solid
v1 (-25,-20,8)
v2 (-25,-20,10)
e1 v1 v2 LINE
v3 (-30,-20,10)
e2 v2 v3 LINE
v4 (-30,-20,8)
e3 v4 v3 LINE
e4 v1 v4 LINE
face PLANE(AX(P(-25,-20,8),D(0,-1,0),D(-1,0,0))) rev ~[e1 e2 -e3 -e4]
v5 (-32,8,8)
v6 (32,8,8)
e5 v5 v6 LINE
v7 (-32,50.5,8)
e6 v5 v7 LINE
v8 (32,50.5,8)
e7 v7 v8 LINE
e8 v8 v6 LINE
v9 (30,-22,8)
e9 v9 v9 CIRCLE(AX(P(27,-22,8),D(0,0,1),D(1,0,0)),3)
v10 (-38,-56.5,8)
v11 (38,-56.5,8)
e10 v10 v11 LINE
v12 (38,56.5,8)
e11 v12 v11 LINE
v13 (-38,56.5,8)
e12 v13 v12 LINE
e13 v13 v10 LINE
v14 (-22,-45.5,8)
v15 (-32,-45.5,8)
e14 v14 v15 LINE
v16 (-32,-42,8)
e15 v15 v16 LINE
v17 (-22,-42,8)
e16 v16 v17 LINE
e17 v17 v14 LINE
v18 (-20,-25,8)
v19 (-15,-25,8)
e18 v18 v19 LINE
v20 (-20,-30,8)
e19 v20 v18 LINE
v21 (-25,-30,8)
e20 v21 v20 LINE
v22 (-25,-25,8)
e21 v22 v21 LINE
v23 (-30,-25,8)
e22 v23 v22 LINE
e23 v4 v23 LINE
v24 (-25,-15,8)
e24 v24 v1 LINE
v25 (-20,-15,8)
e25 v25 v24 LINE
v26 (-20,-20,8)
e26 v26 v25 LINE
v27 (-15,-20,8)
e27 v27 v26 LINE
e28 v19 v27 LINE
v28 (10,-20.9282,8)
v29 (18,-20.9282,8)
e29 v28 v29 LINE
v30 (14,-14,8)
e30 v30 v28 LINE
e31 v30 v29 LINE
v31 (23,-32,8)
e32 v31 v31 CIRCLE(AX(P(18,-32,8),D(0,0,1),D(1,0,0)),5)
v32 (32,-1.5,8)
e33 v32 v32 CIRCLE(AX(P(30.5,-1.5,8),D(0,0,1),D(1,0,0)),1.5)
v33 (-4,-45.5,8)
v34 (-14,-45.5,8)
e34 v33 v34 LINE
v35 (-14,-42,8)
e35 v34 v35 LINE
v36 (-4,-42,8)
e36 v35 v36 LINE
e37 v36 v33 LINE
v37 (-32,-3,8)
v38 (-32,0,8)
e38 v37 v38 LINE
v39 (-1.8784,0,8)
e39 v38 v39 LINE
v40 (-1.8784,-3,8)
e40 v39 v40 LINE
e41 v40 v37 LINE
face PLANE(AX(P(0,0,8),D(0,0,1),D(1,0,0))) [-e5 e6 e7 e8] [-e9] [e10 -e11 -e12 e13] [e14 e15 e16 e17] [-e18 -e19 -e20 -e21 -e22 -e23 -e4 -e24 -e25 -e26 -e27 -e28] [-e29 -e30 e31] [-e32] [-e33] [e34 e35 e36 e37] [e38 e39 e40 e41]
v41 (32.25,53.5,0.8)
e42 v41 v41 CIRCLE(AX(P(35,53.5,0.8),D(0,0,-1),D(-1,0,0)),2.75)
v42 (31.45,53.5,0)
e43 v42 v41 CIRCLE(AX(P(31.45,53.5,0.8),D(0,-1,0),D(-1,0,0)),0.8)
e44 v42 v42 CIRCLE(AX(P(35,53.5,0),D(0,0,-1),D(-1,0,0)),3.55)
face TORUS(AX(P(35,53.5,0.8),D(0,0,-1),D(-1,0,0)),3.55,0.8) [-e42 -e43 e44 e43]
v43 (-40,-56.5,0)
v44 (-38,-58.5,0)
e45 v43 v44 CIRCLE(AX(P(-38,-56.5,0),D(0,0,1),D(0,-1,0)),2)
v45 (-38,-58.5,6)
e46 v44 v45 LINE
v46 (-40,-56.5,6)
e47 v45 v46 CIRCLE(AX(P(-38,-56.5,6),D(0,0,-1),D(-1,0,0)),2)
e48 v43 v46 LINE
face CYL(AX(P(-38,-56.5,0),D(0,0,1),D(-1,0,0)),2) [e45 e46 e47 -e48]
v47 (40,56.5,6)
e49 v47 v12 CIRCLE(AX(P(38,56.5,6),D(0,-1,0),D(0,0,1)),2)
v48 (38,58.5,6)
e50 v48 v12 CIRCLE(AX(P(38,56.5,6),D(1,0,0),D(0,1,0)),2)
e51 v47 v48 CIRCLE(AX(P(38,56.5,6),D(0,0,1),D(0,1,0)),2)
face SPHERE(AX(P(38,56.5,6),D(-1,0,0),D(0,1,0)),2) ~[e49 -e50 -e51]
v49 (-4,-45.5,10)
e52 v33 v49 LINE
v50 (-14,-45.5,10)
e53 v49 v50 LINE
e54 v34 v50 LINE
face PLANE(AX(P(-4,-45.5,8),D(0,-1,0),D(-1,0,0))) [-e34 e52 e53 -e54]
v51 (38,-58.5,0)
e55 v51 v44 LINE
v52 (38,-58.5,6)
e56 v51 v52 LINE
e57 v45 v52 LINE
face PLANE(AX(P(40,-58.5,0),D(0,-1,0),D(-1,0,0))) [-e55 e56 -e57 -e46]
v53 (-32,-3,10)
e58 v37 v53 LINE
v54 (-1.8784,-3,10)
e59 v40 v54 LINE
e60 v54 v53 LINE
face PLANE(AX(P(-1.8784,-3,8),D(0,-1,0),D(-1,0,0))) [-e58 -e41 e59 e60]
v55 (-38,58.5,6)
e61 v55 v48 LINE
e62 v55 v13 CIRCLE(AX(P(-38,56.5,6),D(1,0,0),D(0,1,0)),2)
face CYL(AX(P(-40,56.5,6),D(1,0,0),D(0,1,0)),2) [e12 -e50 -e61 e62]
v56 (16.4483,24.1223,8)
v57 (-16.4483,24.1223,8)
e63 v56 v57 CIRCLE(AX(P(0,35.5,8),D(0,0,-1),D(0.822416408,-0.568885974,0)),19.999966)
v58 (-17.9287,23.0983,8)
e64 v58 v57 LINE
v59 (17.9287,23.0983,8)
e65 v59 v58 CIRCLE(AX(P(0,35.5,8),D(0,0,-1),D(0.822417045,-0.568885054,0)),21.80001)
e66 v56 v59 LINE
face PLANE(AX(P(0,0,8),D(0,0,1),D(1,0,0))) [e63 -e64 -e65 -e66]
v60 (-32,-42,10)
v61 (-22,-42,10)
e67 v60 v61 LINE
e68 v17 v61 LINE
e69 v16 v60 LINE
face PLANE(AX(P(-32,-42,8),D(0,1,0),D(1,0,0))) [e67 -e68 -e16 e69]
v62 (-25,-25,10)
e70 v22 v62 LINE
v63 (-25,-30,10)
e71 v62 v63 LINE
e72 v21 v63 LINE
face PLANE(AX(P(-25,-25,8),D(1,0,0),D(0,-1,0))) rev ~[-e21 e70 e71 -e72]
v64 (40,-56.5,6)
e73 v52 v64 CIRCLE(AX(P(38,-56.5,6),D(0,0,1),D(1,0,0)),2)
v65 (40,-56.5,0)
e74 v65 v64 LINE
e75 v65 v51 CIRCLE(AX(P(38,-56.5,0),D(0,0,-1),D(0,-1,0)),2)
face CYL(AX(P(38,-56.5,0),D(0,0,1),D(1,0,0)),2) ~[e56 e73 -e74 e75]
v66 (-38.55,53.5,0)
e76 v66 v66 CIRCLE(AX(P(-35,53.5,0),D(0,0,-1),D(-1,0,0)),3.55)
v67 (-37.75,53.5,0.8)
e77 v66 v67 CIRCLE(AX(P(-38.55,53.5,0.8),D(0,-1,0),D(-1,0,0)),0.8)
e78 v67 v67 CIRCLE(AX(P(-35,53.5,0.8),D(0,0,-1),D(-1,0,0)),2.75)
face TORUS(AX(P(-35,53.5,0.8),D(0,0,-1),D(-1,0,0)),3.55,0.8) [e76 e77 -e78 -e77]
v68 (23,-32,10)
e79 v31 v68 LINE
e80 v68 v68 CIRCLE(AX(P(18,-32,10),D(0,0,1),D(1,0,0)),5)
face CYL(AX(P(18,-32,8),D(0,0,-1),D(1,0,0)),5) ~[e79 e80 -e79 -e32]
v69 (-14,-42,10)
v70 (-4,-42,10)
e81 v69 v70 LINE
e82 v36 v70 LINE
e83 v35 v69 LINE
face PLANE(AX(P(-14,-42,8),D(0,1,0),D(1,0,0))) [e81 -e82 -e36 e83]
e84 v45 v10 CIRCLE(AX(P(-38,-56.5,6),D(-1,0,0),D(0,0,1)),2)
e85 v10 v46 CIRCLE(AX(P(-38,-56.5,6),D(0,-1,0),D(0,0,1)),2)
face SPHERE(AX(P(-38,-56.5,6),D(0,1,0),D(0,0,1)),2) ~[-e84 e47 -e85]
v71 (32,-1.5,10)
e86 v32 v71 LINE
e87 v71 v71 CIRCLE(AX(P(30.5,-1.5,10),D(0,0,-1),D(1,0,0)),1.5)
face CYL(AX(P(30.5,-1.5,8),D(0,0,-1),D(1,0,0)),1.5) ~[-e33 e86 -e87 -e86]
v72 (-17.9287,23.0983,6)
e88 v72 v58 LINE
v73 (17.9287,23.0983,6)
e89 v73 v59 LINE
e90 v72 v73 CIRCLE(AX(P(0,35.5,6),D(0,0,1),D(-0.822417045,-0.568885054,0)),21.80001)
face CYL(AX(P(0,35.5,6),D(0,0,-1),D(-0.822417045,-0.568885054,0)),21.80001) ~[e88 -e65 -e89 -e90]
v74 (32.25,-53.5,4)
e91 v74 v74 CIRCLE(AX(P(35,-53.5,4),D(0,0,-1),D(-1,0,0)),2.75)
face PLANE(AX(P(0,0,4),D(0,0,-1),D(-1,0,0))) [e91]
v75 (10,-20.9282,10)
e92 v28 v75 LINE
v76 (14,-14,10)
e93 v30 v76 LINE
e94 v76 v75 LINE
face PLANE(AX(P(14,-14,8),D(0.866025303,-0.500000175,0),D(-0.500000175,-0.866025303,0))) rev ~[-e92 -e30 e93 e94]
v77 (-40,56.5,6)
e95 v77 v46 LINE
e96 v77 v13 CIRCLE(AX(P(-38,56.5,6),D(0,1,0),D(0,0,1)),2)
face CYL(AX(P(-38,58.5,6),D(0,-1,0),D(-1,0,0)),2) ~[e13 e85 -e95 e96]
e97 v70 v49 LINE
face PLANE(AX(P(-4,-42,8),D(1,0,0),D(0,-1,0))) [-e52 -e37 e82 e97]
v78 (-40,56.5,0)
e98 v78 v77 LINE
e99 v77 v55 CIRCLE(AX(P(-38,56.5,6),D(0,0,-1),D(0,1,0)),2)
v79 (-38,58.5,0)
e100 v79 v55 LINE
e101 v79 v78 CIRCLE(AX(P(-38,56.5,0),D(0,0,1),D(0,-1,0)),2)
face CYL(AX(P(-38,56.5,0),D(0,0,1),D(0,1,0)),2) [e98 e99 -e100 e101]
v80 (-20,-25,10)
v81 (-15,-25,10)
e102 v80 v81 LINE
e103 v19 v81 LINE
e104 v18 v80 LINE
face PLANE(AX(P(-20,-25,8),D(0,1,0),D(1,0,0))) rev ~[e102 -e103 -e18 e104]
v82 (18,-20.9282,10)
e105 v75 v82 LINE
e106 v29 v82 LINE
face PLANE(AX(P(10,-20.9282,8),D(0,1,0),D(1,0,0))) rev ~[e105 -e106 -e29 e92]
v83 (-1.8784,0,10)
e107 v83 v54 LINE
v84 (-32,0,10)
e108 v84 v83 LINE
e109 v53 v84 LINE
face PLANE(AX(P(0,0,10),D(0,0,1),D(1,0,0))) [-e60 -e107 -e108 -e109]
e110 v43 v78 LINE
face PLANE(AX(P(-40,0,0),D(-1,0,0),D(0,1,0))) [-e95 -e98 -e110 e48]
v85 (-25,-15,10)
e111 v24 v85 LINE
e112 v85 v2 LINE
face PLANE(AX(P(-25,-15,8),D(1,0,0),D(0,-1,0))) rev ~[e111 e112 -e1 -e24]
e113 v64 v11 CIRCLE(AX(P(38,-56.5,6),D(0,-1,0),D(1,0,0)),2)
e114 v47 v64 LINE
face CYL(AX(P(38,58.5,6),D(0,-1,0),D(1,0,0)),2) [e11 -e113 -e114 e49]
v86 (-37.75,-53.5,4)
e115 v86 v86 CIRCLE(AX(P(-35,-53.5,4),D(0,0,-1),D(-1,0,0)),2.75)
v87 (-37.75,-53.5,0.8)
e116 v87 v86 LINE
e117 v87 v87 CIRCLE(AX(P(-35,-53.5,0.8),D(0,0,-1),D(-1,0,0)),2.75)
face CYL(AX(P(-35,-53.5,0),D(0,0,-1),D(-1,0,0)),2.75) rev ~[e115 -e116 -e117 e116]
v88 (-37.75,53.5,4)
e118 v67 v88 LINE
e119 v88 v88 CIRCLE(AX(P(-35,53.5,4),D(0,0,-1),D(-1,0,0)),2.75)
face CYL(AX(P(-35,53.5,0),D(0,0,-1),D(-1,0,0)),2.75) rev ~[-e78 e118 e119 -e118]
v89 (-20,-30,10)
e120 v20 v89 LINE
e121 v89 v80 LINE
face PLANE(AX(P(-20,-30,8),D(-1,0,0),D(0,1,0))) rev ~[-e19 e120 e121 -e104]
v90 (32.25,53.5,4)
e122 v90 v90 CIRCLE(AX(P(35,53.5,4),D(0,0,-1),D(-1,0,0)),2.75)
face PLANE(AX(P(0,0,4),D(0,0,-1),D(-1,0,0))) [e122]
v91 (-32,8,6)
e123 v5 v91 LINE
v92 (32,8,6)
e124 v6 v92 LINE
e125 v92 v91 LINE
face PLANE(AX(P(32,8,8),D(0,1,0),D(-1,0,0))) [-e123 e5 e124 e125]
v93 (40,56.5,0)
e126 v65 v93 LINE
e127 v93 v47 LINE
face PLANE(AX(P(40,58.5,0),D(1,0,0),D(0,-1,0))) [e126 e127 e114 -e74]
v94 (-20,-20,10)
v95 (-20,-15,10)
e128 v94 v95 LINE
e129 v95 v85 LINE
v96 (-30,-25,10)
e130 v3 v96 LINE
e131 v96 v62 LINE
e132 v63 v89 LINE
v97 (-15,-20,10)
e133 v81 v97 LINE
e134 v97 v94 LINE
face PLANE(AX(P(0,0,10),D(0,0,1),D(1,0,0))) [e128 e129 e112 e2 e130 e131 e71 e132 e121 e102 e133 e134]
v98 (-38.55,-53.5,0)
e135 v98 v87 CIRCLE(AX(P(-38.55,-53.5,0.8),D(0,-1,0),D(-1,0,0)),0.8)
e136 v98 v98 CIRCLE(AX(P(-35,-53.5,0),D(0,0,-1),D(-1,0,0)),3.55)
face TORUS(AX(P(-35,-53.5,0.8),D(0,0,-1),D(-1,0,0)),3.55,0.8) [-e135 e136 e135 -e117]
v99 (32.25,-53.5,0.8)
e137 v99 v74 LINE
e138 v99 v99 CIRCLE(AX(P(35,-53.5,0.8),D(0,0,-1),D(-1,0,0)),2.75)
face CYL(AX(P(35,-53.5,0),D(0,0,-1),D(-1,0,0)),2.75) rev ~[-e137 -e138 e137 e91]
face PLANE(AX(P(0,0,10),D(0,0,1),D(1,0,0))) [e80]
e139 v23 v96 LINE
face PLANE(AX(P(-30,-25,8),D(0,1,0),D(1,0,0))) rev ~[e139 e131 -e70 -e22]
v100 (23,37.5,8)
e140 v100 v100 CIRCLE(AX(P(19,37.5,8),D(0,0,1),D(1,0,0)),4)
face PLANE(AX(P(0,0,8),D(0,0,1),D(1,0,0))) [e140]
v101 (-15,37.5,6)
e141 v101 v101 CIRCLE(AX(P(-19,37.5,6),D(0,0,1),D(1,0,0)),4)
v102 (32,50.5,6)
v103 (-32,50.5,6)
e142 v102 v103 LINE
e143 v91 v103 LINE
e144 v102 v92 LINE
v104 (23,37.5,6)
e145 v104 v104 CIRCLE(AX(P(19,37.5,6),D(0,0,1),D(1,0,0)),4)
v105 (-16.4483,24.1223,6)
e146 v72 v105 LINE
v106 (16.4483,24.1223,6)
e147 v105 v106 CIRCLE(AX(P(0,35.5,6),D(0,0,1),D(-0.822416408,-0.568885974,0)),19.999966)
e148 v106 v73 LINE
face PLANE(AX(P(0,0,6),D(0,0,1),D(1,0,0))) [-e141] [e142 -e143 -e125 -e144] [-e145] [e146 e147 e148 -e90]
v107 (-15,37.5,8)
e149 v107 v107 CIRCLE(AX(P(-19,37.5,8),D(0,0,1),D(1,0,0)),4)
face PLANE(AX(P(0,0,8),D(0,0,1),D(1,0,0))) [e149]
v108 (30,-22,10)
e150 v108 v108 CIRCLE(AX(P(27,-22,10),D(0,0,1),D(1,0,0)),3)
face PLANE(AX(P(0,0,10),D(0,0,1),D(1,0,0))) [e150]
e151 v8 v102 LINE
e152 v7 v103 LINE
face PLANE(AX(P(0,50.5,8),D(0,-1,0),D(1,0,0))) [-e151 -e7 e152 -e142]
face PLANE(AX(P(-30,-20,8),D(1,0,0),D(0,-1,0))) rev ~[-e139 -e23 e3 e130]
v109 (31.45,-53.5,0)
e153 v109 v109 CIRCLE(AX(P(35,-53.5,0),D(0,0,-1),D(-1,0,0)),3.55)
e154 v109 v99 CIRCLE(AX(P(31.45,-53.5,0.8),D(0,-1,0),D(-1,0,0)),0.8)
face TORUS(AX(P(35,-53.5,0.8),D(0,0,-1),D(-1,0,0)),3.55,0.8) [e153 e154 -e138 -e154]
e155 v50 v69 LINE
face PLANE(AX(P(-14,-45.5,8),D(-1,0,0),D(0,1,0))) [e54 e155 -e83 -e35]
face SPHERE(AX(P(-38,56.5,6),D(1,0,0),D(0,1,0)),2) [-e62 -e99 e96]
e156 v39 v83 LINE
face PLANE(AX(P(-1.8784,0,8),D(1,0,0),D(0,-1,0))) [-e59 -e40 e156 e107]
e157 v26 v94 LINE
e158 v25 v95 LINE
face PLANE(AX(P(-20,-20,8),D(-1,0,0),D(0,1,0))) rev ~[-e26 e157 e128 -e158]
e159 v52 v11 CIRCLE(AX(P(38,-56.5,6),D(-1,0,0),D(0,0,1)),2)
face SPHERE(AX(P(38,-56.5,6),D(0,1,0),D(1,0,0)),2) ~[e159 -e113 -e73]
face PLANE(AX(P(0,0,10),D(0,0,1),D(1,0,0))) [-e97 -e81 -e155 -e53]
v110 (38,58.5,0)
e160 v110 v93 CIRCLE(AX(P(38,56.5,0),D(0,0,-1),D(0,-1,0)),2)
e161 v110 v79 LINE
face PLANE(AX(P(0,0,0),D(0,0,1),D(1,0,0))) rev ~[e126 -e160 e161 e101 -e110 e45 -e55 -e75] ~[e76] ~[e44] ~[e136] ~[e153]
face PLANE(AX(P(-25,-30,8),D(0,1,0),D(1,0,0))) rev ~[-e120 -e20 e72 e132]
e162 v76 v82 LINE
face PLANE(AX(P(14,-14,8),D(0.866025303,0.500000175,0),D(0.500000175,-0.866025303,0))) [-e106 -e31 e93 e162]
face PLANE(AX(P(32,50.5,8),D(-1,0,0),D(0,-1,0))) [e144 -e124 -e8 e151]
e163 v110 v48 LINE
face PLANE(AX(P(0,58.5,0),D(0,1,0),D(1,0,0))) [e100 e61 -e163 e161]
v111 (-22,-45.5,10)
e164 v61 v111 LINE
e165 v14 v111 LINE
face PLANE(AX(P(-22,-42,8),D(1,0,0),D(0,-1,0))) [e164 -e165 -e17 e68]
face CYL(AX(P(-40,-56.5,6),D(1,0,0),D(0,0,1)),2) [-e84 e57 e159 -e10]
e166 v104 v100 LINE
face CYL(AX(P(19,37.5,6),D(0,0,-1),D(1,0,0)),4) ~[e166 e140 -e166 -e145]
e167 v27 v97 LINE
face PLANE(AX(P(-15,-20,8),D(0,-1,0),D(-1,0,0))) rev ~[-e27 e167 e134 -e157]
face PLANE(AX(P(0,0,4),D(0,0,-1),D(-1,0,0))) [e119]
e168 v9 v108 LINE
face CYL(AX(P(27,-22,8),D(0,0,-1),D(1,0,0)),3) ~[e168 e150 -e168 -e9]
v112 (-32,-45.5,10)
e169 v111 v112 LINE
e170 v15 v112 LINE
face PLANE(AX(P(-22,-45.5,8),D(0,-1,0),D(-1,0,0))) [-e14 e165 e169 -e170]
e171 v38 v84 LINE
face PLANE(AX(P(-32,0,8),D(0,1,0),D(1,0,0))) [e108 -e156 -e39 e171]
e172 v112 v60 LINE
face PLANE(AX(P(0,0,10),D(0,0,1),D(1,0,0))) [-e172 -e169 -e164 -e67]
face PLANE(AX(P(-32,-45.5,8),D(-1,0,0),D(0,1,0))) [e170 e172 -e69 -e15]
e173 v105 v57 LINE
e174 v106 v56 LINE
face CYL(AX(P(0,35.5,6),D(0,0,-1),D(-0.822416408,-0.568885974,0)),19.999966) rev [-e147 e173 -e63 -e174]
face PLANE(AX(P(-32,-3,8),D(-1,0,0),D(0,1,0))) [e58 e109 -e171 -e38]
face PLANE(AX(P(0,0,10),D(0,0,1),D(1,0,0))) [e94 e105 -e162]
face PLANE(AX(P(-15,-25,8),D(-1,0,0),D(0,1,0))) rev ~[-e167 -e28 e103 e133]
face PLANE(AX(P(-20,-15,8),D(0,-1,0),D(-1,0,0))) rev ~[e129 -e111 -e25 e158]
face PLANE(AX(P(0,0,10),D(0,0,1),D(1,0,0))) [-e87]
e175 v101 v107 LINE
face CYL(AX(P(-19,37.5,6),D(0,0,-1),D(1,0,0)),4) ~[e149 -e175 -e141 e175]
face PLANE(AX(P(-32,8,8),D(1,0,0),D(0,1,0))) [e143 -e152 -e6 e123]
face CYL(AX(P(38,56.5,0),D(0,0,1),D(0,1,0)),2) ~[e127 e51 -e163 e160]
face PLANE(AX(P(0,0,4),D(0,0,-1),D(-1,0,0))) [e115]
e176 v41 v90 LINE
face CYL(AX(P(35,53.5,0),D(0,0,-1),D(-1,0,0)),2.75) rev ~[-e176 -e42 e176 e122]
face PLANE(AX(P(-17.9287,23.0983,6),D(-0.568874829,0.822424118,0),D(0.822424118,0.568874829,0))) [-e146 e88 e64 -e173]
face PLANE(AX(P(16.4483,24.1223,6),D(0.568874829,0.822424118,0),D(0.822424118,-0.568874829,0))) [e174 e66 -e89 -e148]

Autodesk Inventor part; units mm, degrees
ref_plane "YZ Plane" through (0, 0, 0) normal (1, 0, 0) x (0, 1, 0)
ref_plane "XZ Plane" through (0, 0, 0) normal (0, 1, 0) x (-1, 0, 0)
ref_plane "XY Plane" through (0, 0, 0) normal (0, 0, 1) x (1, 0, 0)
sketch "Sketch1" plane through (0, 0, 0) normal (0, 0, 1) x (1, 0, 0)
  line L0 (0, 81.9) -> (0, -81.9) projected
  line L1 (-56, 0) -> (56, 0) projected
  line L2 (-40, 58.5) -> (40, 58.5)
  line L3 (40, 58.5) -> (40, -58.5)
  line L4 (40, -58.5) -> (-40, -58.5)
  line L5 (-40, -58.5) -> (-40, 58.5)
  point P0 (0, 0)
  dimension "d0" = 80
  dimension "d1" = 117
extrude "Extrusion1" add sketch "Sketch1" along normal blind 8
sketch "Sketch2" plane through (0, 0, 8) normal (0, 0, 1) x (1, 0, 0)
  line L0 (40, 58.5) -> (-40, 58.5) projected
  line L1 (-40, 58.5) -> (-40, -58.5) projected
  line L2 (-40, -58.5) -> (40, -58.5) projected
  line L3 (40, -58.5) -> (40, 58.5) projected
  line L4 (-56, 0) -> (56, 0) projected
  line L5 (0, -81.9) -> (0, 81.9) projected
  line L6 (-32, 0) -> (-1.8784, 0)
  line L7 (-1.8784, 0) -> (-1.8784, -3)
  line L8 (-1.8784, -3) -> (-32, -3)
  line L9 (-32, -3) -> (-32, 0)
  line L10 (-25, -15) -> (-25, -20)
  line L11 (-25, -20) -> (-30, -20)
  line L12 (-30, -20) -> (-30, -25)
  line L13 (-30, -25) -> (-25, -25)
  line L14 (-25, -25) -> (-25, -30)
  line L15 (-25, -30) -> (-20, -30)
  line L16 (-20, -30) -> (-20, -25)
  line L17 (-20, -25) -> (-15, -25)
  line L18 (-15, -25) -> (-15, -20)
  line L19 (-15, -20) -> (-20, -20)
  line L20 (-20, -20) -> (-20, -15)
  line L21 (-20, -15) -> (-25, -15)
  line L22 (14, -14) -> (10, -20.9282)
  line L23 (10, -20.9282) -> (18, -20.9282)
  circle A0 centre (27, -22) radius 3
  circle A1 centre (18, -32) radius 5
  line L24 (-32, -42) -> (-22, -42)
  line L25 (-22, -42) -> (-22, -45.5)
  line L26 (-22, -45.5) -> (-32, -45.5)
  line L27 (-32, -45.5) -> (-32, -42)
  line L28 (-14, -42) -> (-4, -42)
  line L29 (-4, -42) -> (-4, -45.5)
  line L30 (-4, -45.5) -> (-14, -45.5)
  line L31 (-14, -45.5) -> (-14, -42)
  circle A2 centre (30.5, -1.5) radius 1.5
  line L32 (14, -20.9282) -> (14, -9.9927) construction
  line L33 (14, -14) -> (18, -20.9282)
  line L34 (-1.8784, -1.5) -> (30.5, -1.5) construction
  line L35 (-32, 50.5) -> (32, 50.5) construction
  line L36 (32, 50.5) -> (32, 8) construction
  line L37 (32, 8) -> (-32, 8) construction
  line L38 (-32, 8) -> (-32, 50.5) construction
  point P0 (0, 0)
  dimension "d4" = 3
  dimension "d5" = 8
  dimension "d7" = 5
  dimension "d8" = 60
  dimension "d9" = 10
  dimension "d10" = 12
  dimension "d11" = 12
  dimension "d12" = 3
  dimension "d13" = 8
  dimension "d14" = 8
  dimension "d15" = 8
  dimension "d16" = 10
  dimension "d17" = 22
  dimension "d18" = 22
  dimension "d19" = 22
  dimension "d20" = 40
  dimension "d21" = 30
  dimension "d22" = 13
  dimension "d23" = 6
  dimension "d24" = 10
  dimension "d25" = 13
  dimension "d26" = 8
extrude "Extrusion2" add sketch "Sketch2" along normal blind 2 contours A2 | L7 L8 L9 L4 | L21 L20 L19 L18 L17 L16 L15 L14 L13 L12 L11 L10 | L33 L23 L22 | A0 | A1 | L24 L25 L26 L27 | L28 L29 L30 L31
sketch "Sketch3" plane through (0, 0, 8) normal (0, 0, 1) x (1, 0, 0)
  line L0 (-32, 0) -> (-1.8784, 0) projected
  line L1 (-1.8784, 0) -> (-1.8784, -3) projected
  line L2 (-1.8784, -3) -> (-32, -3) projected
  line L3 (-32, -3) -> (-32, 0) projected
  line L4 (-4, -42) -> (-4, -45.5) projected
  line L5 (-4, -45.5) -> (-14, -45.5) projected
  line L6 (-14, -45.5) -> (-14, -42) projected
  line L7 (-14, -42) -> (-4, -42) projected
  circle A0 centre (27, -22) radius 3 projected
  circle A1 centre (30.5, -1.5) radius 1.5 projected
  line L8 (14, -14) -> (18, -20.9282) projected
  line L9 (18, -20.9282) -> (10, -20.9282) projected
  line L10 (10, -20.9282) -> (14, -14) projected
  line L11 (-22, -42) -> (-22, -45.5) projected
  line L12 (-22, -45.5) -> (-32, -45.5) projected
  line L13 (-32, -45.5) -> (-32, -42) projected
  line L14 (-32, -42) -> (-22, -42) projected
  circle A2 centre (18, -32) radius 5 projected
  line L15 (-25, -15) -> (-20, -15) projected
  line L16 (-20, -15) -> (-20, -20) projected
  line L17 (-20, -20) -> (-15, -20) projected
  line L18 (-15, -20) -> (-15, -25) projected
  line L19 (-15, -25) -> (-20, -25) projected
  line L20 (-20, -25) -> (-20, -30) projected
  line L21 (-20, -30) -> (-25, -30) projected
  line L22 (-25, -30) -> (-25, -25) projected
  line L23 (-25, -25) -> (-30, -25) projected
  line L24 (-30, -25) -> (-30, -20) projected
  line L25 (-30, -20) -> (-25, -20) projected
  line L26 (-25, -20) -> (-25, -15) projected
  line L27 (40, 58.5) -> (-40, 58.5) projected
  line L28 (-40, 58.5) -> (-40, -58.5) projected
  line L29 (-40, -58.5) -> (40, -58.5) projected
  line L30 (40, -58.5) -> (40, 58.5) projected
  line L31 (-32, 50.5) -> (32, 50.5)
  line L32 (32, 50.5) -> (32, 8)
  line L33 (32, 8) -> (-32, 8)
  line L34 (-32, 8) -> (-32, 50.5)
  line L35 (-56, 0) -> (56, 0) projected
  line L36 (0, -81.9) -> (0, 81.9) projected
  point P0 (0, 0)
  dimension "d29" = 8
  dimension "d30" = 8
  dimension "d31" = 8
extrude "Extrusion3" cut sketch "Sketch3" against normal blind 2 contours L36 L31 L32 L33 | L33 L34 L31 L36
sketch "Sketch4" plane through (0, 0, 6) normal (0, 0, 1) x (1, 0, 0)
  line L0 (-32, 50.5) -> (32, 50.5) projected
  line L1 (-32, 8) -> (-32, 50.5) projected
  line L2 (32, 8) -> (-32, 8) projected
  line L3 (32, 50.5) -> (32, 8) projected
  line L4 (32, 50.5) -> (32, 8) projected
  arc A0 (-16.4483, 24.1223) -> (16.4483, 24.1223) centre (0, 35.5) ccw
  arc A1 (-17.9287, 23.0983) -> (17.9287, 23.0983) centre (0, 35.5) ccw
  line L5 (-17.9287, 23.0983) -> (-16.4483, 24.1223)
  line L6 (16.4483, 24.1223) -> (17.9287, 23.0983)
  line L7 (-56, 0) -> (56, 0) projected
  line L8 (0, -81.9) -> (0, 81.9) projected
  circle A2 centre (-19, 37.5) radius 4
  circle A3 centre (19, 37.5) radius 4
  point P0 (0, 0)
  dimension "d36" = 1.8
  dimension "d41" = 20
  dimension "d42" = 15
  dimension "d43" = 1.024
  dimension "d44" = 8
  dimension "d45" = 13
  dimension "d46" = 13
extrude "Extrusion6" add sketch "Sketch4" along normal blind 2 contours L8 A1 L5 A0 | A0 L6 A1 L8 | A2 | A3
fillet "Fillet1" [suppressed]
sketch "Sketch5" plane through (0, 0, 0) normal (0, 0, -1) x (-1, 0, 0)
  line L0 (40, 58.5) -> (-40, 58.5) projected
  line L1 (-40, 58.5) -> (-40, -58.5) projected
  line L2 (-40, -58.5) -> (40, -58.5) projected
  line L3 (40, -58.5) -> (40, 58.5) projected
  circle A0 centre (-35, 53.5) radius 2.75
  line L4 (56, 0) -> (-56, 0) projected
  line L5 (0, -81.9) -> (0, 81.9) projected
  circle A1 centre (35, 53.5) radius 2.75
  circle A2 centre (-35, -53.5) radius 2.75
  circle A3 centre (35, -53.5) radius 2.75
  point P0 (0, 0)
  dimension "d51" = 5.5
  dimension "d52" = 5
  dimension "d53" = 5
extrude "Extrusion7" cut sketch "Sketch5" against normal blind 4 contours A0 | A1 | A2 | A3
fillet "Fillet2" radius 2 8 edges at (0, 58.5, 8) (40, 58.5, 4) (40, 0, 8) (-40, 58.5, 4) (-40, 0, 8) (40, -58.5, 4) (0, -58.5, 8) (-40, -58.5, 4)
fillet "Fillet3" radius 0.8 4 edges at (37.75, -53.5, 0) (-32.25, -53.5, 0) (37.75, 53.5, 0) (-32.25, 53.5, 0)
equation "\"d12\" = d4"
equation "\"d14\" = d13"
properties part number "cara"
